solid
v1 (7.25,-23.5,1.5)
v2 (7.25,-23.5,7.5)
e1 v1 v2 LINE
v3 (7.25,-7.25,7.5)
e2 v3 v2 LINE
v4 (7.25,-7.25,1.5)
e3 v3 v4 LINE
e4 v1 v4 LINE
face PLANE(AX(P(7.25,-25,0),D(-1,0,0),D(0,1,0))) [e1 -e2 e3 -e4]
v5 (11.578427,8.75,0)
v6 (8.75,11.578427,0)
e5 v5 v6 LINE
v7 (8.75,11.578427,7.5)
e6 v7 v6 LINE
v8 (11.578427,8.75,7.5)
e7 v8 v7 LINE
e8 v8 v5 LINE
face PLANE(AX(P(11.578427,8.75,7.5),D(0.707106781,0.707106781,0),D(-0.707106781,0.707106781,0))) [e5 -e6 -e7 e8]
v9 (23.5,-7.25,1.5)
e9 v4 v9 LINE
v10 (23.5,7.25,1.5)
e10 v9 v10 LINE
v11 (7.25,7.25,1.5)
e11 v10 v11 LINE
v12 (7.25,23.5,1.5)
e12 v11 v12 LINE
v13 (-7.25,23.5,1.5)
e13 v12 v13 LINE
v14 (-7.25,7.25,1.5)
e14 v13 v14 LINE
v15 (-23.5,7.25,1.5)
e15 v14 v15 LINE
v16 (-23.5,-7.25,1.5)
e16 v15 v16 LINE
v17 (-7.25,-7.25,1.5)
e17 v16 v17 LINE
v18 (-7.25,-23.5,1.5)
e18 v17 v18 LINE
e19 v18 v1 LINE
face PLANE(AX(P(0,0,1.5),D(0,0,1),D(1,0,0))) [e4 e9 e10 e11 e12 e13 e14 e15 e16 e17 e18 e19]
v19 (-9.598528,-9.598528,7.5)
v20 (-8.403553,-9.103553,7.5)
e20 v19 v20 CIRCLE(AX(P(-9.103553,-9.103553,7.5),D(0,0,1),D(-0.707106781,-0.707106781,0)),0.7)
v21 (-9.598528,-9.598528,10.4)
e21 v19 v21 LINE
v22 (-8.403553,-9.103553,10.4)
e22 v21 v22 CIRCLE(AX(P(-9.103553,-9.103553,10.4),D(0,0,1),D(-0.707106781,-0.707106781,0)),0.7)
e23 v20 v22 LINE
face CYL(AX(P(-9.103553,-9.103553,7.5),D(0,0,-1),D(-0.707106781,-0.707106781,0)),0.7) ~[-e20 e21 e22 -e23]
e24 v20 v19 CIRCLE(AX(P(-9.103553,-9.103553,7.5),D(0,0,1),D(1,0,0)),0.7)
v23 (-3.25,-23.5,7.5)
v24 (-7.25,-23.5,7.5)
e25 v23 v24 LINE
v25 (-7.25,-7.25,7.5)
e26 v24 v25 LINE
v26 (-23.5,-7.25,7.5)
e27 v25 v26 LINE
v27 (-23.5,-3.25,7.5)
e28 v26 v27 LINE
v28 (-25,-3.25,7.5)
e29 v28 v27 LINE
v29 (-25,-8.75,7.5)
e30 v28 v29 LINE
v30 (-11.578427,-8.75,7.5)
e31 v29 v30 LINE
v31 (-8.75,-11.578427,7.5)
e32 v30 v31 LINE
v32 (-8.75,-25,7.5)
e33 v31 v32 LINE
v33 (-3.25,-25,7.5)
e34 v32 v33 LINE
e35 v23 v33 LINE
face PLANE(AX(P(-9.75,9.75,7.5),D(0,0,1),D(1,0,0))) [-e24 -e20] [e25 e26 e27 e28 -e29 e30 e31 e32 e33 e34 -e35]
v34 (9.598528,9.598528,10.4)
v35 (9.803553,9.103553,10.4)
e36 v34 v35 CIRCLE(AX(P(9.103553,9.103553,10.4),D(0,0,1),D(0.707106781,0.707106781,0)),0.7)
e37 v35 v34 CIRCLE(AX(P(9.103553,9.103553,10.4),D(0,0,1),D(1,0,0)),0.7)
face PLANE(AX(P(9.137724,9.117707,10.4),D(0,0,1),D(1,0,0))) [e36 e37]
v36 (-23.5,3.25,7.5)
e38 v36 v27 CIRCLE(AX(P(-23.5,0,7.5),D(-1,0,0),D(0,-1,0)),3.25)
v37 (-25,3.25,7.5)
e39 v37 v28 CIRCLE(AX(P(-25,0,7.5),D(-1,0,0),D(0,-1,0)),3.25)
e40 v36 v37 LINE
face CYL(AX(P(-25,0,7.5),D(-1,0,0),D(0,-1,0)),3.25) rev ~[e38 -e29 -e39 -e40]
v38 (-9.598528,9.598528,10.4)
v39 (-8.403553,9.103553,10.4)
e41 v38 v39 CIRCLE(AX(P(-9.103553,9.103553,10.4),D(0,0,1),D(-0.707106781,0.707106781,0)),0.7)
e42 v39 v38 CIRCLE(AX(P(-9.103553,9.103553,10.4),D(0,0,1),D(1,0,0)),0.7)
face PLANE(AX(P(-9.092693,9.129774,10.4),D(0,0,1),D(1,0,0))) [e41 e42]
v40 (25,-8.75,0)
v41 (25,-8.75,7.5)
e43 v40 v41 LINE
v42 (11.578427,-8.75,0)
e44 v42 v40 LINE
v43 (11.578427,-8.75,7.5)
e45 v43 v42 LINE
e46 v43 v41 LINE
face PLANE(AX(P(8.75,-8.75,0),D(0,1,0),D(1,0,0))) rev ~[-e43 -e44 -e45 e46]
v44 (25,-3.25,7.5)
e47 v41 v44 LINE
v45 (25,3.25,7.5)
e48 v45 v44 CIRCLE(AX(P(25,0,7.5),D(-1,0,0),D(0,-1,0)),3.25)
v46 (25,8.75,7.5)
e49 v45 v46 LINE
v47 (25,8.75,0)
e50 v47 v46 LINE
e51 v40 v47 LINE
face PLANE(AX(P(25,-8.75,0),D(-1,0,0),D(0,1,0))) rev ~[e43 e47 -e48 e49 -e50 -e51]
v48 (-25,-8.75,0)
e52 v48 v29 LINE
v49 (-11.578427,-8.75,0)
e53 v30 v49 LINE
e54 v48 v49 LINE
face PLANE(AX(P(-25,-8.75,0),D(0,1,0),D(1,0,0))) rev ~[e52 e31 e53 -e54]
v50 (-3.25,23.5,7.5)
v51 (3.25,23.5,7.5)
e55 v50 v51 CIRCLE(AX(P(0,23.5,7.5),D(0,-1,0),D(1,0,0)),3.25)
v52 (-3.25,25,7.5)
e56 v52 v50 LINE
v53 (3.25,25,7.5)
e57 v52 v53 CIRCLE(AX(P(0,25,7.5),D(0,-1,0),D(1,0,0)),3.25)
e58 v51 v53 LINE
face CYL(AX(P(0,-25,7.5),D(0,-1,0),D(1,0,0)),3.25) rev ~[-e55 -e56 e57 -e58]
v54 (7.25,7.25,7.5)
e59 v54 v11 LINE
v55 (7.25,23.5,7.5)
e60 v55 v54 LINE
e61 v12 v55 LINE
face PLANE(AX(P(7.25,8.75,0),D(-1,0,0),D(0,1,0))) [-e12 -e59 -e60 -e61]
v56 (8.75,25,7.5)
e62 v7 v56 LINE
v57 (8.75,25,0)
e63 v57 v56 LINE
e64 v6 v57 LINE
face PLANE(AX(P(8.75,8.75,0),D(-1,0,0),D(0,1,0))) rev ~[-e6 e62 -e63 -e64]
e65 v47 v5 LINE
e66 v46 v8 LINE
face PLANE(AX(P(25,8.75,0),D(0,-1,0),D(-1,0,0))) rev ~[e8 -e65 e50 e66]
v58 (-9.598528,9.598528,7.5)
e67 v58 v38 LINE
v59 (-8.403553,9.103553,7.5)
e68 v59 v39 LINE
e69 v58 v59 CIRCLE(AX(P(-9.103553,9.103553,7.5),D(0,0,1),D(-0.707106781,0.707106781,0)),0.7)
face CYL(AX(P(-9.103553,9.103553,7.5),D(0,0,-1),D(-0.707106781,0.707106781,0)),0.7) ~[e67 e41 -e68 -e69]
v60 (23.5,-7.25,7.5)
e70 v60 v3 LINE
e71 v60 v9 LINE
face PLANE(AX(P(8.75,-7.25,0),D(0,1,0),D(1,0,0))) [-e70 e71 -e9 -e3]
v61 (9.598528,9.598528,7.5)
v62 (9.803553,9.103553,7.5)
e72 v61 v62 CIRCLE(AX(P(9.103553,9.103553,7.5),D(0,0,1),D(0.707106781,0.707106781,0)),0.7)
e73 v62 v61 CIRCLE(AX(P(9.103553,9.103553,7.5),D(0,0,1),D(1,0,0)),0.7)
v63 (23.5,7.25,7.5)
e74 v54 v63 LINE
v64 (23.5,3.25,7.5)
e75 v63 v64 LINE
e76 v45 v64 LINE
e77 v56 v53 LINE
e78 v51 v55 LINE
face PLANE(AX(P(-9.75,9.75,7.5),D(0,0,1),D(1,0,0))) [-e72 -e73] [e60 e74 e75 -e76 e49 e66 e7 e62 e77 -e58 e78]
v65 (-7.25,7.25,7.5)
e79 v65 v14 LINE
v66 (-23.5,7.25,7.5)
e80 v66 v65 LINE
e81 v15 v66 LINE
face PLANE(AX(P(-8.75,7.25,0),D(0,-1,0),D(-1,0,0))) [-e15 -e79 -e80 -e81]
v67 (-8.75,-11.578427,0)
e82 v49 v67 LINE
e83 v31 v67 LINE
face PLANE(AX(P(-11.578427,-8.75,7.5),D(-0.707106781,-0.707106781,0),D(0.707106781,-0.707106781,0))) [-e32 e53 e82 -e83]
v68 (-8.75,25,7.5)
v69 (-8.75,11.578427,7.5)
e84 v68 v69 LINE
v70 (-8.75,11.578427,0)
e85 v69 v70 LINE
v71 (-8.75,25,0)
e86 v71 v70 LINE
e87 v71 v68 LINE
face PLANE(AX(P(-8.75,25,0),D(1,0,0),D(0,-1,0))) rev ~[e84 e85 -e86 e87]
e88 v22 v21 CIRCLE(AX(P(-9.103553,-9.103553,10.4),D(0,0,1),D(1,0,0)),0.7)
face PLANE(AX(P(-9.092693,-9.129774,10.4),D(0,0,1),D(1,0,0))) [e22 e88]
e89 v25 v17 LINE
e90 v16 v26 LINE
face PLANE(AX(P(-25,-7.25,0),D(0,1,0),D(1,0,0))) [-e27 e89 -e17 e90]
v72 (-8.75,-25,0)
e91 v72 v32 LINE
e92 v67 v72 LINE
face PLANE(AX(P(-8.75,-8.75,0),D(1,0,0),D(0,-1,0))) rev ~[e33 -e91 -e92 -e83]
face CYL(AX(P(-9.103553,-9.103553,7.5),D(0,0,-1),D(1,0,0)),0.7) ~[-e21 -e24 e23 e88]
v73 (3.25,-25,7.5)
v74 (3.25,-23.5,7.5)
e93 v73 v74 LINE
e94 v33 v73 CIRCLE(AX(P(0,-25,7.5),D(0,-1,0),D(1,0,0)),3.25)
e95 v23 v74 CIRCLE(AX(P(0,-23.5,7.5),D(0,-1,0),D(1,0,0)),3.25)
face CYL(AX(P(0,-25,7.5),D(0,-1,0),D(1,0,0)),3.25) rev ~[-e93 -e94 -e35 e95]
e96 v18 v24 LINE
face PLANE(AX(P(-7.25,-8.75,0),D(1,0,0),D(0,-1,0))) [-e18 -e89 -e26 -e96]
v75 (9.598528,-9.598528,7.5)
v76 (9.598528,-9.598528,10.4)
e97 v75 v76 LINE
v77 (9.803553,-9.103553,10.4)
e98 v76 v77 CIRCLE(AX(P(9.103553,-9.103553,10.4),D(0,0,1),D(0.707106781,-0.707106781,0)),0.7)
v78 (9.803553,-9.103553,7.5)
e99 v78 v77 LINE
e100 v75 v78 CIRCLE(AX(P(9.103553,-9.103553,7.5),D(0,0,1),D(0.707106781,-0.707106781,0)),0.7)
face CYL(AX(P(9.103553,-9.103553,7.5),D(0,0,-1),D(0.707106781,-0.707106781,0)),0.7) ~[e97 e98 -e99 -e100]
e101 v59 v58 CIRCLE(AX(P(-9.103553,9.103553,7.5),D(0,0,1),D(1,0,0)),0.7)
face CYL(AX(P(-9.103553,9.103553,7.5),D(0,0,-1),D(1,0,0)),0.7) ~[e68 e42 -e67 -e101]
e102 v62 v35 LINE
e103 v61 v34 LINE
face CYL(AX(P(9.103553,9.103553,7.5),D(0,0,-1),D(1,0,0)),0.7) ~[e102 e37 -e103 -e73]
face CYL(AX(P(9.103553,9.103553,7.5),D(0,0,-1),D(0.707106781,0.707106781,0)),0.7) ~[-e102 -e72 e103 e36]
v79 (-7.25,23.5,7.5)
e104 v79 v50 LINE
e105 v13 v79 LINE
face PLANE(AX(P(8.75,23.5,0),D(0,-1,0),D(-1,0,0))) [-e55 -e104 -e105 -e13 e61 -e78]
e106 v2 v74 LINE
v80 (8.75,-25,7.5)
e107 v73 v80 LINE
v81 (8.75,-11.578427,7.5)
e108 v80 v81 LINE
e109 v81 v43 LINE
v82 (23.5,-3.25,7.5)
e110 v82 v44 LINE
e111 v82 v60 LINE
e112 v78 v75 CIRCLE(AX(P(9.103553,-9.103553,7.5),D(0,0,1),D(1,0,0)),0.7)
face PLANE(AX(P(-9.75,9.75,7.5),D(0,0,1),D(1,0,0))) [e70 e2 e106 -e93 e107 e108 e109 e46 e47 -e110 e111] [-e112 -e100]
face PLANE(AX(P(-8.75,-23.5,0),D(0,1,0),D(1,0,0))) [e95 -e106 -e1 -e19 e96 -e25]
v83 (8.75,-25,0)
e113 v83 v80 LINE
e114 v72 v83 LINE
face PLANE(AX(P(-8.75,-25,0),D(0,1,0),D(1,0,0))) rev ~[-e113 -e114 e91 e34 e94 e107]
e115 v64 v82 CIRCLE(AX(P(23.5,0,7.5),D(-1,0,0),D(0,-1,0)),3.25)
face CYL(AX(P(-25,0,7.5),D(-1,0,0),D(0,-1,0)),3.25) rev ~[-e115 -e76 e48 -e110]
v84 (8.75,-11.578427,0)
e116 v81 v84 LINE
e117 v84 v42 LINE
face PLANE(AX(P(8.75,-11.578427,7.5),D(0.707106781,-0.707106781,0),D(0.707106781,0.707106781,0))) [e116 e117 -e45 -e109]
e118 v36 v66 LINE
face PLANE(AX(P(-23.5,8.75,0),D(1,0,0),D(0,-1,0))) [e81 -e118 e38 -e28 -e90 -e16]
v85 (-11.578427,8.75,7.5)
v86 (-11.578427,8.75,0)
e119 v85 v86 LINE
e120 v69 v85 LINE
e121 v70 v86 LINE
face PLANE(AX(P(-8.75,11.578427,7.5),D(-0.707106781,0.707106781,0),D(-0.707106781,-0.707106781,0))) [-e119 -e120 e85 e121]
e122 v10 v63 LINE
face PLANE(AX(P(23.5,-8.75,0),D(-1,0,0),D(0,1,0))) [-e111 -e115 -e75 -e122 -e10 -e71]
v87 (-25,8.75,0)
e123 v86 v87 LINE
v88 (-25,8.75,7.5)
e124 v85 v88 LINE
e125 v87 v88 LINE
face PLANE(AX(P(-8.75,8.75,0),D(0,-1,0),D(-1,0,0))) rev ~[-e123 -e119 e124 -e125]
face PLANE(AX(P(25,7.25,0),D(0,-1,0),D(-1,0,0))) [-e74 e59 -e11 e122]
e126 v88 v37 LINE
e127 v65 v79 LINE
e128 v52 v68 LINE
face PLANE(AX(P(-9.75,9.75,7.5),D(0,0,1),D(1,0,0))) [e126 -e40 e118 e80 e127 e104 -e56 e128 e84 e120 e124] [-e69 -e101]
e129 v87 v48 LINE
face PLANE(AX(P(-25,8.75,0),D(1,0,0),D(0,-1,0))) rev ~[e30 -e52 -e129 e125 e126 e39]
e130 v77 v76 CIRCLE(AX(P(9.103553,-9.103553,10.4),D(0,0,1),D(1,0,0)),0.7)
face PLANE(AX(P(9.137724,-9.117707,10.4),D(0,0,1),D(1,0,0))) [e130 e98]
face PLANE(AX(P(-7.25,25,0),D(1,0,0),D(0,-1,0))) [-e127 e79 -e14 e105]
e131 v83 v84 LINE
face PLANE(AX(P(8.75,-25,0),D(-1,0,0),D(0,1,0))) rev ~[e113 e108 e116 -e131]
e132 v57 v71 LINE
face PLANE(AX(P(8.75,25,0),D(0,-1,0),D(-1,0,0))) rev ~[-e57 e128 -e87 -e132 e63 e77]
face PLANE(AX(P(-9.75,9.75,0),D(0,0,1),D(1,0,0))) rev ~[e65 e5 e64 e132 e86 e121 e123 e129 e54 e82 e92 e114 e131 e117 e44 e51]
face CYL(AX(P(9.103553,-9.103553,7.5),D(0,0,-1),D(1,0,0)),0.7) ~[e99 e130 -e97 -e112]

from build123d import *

# Parameters (mm, degrees)
F1_DEPTH  = 7.5
F2_T      = -1.5
F4_DEPTH  = 7.5
F6_DEPTH  = 2.9
F7_R      = 3.25
F8_DEPTH  = 50.001
F9_R      = 3.25
F10_DEPTH = 50.001


with BuildPart() as f1:
    # F0 (on Top) → F1 (new body)
    with BuildSketch(Plane.XY):
        Polygon((25, -8.75), (25, 8.75), (8.75, 8.75), (8.75, 25), (-8.75, 25), (-8.75, 8.75), (-25, 8.75), (-25, -8.75), (-8.75, -8.75), (-8.75, -25), (8.75, -25), (8.75, -8.75), align=None)
    extrude(amount=F1_DEPTH)

    # F2
    f2_openings = [f1.faces().sort_by_distance(p)[0] for p in [
        (0, 0, 7.5),
    ]]
    offset(amount=F2_T, openings=f2_openings, kind=Kind.INTERSECTION)

    # F3 (on face) → F4 (join, through all)
    with BuildSketch(Plane.XY.offset(7.5)):
        Polygon((-8.75, 11.5784271247), (-11.5784271247, 8.75), (-8.75, 8.75), align=None)
        Polygon((8.75, 11.5784271247), (8.75, 8.75), (11.5784271247, 8.75), align=None)
        Polygon((-8.75, -11.5784271247), (-8.75, -8.75), (-11.5784271247, -8.75), align=None)
        Polygon((11.5784271247, -8.75), (8.75, -8.75), (8.75, -11.5784271247), align=None)
    extrude(amount=-F4_DEPTH)

    # F5 (on face) → F6 (join)
    with BuildSketch(Plane.XY.offset(7.5)):
        with BuildLine():
            ThreePointArc((-9.5985281374, 9.5985281374), (-9.3714317932, 8.4568377178), (-8.4035533906, 9.1035533906))
            ThreePointArc((-8.4035533906, 9.1035533906), (-8.8356749879, 9.7502690634), (-9.5985281374, 9.5985281374))
        make_face()
        with BuildLine():
            ThreePointArc((9.5985281374, 9.5985281374), (8.4568377178, 8.8356749879), (9.8035533906, 9.1035533906))
            ThreePointArc((9.8035533906, 9.1035533906), (9.7502690634, 9.3714317932), (9.5985281374, 9.5985281374))
        make_face()
        with BuildLine():
            ThreePointArc((9.5985281374, -9.5985281374), (9.7502690634, -9.3714317932), (9.8035533906, -9.1035533906))
            ThreePointArc((9.8035533906, -9.1035533906), (8.4568377178, -8.8356749879), (9.5985281374, -9.5985281374))
        make_face()
        with BuildLine():
            ThreePointArc((-9.5985281374, -9.5985281374), (-8.8356749879, -9.7502690634), (-8.4035533906, -9.1035533906))
            ThreePointArc((-8.4035533906, -9.1035533906), (-9.3714317932, -8.4568377178), (-9.5985281374, -9.5985281374))
        make_face()
    extrude(amount=F6_DEPTH)

    # F7 (on face) → F8 (cut, through all)
    with BuildSketch(Plane.XZ.offset(25)):
        with Locations((0, 7.5)):
            Circle(F7_R)
    extrude(amount=-F8_DEPTH, mode=Mode.SUBTRACT)

    # F9 (on face) → F10 (cut, through all)
    with BuildSketch(Plane(origin=(-25, 0, 0), x_dir=(0, -1, 0), z_dir=(-1, 0, 0))):
        with Locations((0, 7.5)):
            Circle(F9_R)
    extrude(amount=-F10_DEPTH, mode=Mode.SUBTRACT)


solid = f1.part
